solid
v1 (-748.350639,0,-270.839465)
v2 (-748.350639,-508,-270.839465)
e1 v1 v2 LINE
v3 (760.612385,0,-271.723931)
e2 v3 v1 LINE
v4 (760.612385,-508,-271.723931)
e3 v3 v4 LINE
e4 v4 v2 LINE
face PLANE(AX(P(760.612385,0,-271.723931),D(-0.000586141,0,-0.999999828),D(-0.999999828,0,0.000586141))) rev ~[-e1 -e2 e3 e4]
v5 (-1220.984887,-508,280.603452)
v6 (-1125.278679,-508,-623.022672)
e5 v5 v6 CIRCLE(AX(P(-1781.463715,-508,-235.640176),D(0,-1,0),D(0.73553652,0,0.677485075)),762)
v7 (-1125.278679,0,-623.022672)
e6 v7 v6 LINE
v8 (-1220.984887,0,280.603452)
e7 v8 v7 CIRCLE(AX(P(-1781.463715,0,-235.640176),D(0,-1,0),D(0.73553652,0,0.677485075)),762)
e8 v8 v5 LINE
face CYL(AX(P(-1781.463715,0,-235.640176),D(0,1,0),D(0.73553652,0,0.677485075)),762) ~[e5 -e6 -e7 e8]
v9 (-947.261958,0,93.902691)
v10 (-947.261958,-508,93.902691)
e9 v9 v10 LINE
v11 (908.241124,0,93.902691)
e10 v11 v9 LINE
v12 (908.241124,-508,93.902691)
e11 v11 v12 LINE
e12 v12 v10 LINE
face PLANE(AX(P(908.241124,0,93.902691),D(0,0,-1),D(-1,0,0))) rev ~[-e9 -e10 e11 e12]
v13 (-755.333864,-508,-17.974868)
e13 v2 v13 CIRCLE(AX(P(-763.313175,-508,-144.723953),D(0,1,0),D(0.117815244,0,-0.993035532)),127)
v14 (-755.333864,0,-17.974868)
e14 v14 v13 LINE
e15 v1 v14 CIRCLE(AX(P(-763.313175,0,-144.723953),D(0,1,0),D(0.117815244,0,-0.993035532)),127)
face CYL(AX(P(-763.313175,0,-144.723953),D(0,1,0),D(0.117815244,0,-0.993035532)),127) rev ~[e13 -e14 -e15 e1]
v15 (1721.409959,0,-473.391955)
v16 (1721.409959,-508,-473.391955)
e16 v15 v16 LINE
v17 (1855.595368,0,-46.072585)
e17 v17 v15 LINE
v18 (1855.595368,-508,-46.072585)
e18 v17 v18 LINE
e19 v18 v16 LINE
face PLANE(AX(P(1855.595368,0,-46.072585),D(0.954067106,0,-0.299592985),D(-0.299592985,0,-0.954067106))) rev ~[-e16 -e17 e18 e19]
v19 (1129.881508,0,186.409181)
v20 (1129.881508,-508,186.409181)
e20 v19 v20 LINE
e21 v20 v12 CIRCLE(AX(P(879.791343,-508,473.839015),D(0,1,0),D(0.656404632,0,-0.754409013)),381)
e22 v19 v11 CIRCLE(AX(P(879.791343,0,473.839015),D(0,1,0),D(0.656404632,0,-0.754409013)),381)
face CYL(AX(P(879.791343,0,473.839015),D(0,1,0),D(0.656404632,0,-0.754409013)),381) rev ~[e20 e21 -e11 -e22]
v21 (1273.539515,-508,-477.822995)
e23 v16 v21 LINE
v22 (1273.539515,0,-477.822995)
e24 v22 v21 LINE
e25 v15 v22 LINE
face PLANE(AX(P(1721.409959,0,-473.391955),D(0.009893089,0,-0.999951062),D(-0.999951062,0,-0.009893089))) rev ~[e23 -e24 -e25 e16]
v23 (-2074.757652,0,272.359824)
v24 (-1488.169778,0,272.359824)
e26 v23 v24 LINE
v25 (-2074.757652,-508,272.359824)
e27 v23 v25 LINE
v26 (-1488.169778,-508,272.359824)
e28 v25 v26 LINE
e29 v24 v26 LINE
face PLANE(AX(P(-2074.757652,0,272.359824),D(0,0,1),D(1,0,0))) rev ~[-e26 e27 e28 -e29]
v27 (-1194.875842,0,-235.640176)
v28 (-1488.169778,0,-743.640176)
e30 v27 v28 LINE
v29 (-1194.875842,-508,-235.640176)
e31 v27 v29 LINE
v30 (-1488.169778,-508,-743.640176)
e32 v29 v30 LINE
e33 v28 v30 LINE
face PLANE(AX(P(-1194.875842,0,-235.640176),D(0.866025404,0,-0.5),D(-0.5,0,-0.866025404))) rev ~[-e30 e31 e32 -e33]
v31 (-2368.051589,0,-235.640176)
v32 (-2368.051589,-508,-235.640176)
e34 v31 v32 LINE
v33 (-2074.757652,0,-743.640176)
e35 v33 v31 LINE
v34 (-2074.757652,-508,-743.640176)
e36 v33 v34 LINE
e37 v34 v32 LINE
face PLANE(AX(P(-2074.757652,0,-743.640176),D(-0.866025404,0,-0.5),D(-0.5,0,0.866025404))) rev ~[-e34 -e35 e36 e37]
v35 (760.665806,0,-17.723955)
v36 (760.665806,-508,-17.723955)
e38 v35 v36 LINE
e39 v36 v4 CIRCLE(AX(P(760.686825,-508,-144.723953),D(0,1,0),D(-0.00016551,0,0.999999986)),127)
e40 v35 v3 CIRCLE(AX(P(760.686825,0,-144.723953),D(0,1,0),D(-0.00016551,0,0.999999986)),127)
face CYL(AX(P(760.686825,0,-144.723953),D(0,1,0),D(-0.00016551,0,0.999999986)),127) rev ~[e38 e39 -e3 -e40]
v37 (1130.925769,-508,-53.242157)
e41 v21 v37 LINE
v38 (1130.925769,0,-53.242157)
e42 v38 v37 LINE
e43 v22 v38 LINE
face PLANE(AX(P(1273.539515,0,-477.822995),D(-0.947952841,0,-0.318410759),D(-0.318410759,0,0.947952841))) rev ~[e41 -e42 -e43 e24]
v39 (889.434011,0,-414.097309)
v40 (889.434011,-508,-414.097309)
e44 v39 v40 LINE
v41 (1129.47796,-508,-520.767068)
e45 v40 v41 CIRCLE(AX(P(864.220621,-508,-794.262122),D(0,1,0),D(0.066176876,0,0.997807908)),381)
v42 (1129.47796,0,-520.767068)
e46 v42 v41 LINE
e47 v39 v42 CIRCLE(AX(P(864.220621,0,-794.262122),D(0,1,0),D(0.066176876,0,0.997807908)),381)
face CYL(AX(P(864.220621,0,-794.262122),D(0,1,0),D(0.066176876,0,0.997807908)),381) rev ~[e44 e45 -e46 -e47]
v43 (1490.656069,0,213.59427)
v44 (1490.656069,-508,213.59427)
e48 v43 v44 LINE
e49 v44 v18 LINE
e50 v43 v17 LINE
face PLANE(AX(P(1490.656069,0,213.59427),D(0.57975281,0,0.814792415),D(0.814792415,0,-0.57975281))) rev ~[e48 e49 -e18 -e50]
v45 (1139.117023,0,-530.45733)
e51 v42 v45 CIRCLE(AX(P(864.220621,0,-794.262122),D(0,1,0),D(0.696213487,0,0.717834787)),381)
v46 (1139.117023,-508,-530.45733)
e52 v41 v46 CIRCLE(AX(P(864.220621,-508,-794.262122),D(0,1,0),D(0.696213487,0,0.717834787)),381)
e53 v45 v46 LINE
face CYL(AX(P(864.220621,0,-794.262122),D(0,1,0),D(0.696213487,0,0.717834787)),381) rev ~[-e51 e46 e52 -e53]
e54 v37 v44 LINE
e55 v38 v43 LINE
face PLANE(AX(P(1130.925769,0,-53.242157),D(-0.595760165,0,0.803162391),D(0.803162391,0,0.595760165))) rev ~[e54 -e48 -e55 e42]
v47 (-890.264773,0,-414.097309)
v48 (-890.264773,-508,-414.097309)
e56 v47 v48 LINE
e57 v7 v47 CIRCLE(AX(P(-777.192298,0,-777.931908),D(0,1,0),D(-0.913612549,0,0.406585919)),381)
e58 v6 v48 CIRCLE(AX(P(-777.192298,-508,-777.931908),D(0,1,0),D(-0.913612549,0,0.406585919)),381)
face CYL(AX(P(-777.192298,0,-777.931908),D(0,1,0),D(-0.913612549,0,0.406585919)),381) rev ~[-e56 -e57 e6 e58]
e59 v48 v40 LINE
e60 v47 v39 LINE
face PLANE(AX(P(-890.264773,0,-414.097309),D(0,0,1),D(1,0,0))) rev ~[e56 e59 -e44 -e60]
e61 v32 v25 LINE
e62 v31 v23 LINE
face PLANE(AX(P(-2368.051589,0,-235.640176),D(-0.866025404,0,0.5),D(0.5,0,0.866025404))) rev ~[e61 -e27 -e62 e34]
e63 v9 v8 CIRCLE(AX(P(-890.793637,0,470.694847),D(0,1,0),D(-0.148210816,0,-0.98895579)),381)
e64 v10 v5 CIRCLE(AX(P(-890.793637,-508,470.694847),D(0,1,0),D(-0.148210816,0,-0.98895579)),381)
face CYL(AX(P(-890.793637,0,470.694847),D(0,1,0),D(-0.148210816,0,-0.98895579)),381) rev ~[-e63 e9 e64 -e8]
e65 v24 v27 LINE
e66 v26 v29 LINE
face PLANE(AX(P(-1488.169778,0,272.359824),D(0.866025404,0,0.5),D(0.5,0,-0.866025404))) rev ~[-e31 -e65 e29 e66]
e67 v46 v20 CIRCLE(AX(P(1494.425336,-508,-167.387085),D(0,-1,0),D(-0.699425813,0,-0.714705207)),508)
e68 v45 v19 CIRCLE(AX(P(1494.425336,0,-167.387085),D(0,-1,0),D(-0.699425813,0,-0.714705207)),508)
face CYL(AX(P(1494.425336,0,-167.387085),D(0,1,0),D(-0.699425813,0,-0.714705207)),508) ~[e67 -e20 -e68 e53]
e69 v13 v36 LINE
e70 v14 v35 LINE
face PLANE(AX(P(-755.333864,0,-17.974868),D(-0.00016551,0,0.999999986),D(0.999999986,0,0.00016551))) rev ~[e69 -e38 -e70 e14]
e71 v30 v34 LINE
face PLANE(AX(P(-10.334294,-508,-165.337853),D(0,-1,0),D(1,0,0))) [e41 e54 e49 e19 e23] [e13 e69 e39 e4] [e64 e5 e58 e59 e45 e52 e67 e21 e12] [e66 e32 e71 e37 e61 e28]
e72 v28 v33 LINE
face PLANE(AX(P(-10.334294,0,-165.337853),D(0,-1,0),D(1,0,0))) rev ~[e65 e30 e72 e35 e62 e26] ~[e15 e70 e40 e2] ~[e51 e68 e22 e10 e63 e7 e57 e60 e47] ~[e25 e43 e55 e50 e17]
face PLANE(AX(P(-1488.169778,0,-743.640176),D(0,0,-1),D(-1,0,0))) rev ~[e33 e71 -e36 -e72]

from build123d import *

# Parameters (mm, degrees)
F1_DEPTH = 508


with BuildPart() as f1:
    # F0 (on Front) → F1 (new body)
    with BuildSketch(Plane.XZ):
        with BuildLine():
            ThreePointArc((-947.2619578276, 93.9026913845), (-1056.6790544487, 127.703552485), (-1151.1092002442, 192.4920299263))
            ThreePointArc((-1151.1092002442, 192.4920299263), (-1053.1182818262, -11.6827471974), (-1019.4637150901, -235.6401758389))
            ThreePointArc((-1019.4637150901, -235.6401758389), (-1039.2655032149, -408.2258481562), (-1097.6417053505, -571.8416912961))
            ThreePointArc((-1097.6417053505, -571.8416912961), (-1007.8568339605, -474.6912905901), (-890.2647728497, -414.0973086155))
            Line((-890.2647728497, -414.0973086155), (889.4340112771, -414.0973086155))
            ThreePointArc((889.4340112771, -414.0973086155), (1018.9394643483, -446.0910721436), (1129.4779597277, -520.7670677452))
            ThreePointArc((1129.4779597277, -520.7670677452), (986.4254187858, -167.0971956524), (1129.8815081555, 186.4091809786))
            ThreePointArc((1129.8815081555, 186.4091809786), (1026.5410895836, 122.2348170521), (908.2411244478, 93.9026913845))
            Line((908.2411244478, 93.9026913845), (-947.2619578276, 93.9026913845))
        make_face()
        with BuildLine():
            ThreePointArc((-778.4235433832, -270.8218384605), (-889.7869294596, -133.174522481), (-755.3338637375, -17.974867652))
            Line((-755.3338637375, -17.974867652), (760.6658055939, -17.7239545856))
            ThreePointArc((760.6658055939, -17.7239545856), (887.6868225516, -144.7506629329), (760.6123854239, -271.7239310299))
            Line((760.6123854239, -271.7239310299), (-748.3506385934, -270.839465433))
            ThreePointArc((-748.3506385934, -270.839465433), (-763.3876145761, -271.7239310299), (-778.4235433832, -270.8218384605))
        make_face(mode=Mode.SUBTRACT)
        with BuildLine():
            ThreePointArc((-1151.1092002442, 192.4920299263), (-1189.3157964675, 233.9554961626), (-1220.984886698, 280.6034516513))
            ThreePointArc((-1220.984886698, 280.6034516513), (-2539.2254076437, -315.8973705211), (-1125.2786792228, -623.02267248))
            ThreePointArc((-1125.2786792228, -623.02267248), (-1112.4383246123, -596.9040048797), (-1097.6417053505, -571.8416912961))
            ThreePointArc((-1097.6417053505, -571.8416912961), (-1039.2655032149, -408.2258481562), (-1019.4637150901, -235.6401758389))
            ThreePointArc((-1019.4637150901, -235.6401758389), (-1053.1182818262, -11.6827471974), (-1151.1092002442, 192.4920299263))
        make_face()
        Polygon((-2368.0515885867, -235.6401758389), (-2074.7576518384, 272.3598241611), (-1488.1697783418, 272.3598241611), (-1194.8758415934, -235.6401758389), (-1488.1697783418, -743.6401758389), (-2074.7576518384, -743.6401758389), align=None, mode=Mode.SUBTRACT)
        with BuildLine():
            ThreePointArc((2002.4253360736, -167.3870845851), (1685.3123909223, 303.3847628009), (1129.8815081555, 186.4091809786))
            ThreePointArc((1129.8815081555, 186.4091809786), (986.4254187858, -167.0971956524), (1129.4779597277, -520.7670677452))
            ThreePointArc((1129.4779597277, -520.7670677452), (1134.3409484138, -525.5689714223), (1139.1170233054, -530.4573296862))
            ThreePointArc((1139.1170233054, -530.4573296862), (1691.361083354, -635.6608415298), (2002.4253360736, -167.3870845851))
        make_face()
        Polygon((1273.5395154992, -477.8229946683), (1130.9257685231, -53.2421574506), (1490.6560690059, 213.5942701106), (1855.5953684637, -46.0725854377), (1721.4099588763, -473.3919554796), align=None, mode=Mode.SUBTRACT)
    extrude(amount=F1_DEPTH)


solid = f1.part
